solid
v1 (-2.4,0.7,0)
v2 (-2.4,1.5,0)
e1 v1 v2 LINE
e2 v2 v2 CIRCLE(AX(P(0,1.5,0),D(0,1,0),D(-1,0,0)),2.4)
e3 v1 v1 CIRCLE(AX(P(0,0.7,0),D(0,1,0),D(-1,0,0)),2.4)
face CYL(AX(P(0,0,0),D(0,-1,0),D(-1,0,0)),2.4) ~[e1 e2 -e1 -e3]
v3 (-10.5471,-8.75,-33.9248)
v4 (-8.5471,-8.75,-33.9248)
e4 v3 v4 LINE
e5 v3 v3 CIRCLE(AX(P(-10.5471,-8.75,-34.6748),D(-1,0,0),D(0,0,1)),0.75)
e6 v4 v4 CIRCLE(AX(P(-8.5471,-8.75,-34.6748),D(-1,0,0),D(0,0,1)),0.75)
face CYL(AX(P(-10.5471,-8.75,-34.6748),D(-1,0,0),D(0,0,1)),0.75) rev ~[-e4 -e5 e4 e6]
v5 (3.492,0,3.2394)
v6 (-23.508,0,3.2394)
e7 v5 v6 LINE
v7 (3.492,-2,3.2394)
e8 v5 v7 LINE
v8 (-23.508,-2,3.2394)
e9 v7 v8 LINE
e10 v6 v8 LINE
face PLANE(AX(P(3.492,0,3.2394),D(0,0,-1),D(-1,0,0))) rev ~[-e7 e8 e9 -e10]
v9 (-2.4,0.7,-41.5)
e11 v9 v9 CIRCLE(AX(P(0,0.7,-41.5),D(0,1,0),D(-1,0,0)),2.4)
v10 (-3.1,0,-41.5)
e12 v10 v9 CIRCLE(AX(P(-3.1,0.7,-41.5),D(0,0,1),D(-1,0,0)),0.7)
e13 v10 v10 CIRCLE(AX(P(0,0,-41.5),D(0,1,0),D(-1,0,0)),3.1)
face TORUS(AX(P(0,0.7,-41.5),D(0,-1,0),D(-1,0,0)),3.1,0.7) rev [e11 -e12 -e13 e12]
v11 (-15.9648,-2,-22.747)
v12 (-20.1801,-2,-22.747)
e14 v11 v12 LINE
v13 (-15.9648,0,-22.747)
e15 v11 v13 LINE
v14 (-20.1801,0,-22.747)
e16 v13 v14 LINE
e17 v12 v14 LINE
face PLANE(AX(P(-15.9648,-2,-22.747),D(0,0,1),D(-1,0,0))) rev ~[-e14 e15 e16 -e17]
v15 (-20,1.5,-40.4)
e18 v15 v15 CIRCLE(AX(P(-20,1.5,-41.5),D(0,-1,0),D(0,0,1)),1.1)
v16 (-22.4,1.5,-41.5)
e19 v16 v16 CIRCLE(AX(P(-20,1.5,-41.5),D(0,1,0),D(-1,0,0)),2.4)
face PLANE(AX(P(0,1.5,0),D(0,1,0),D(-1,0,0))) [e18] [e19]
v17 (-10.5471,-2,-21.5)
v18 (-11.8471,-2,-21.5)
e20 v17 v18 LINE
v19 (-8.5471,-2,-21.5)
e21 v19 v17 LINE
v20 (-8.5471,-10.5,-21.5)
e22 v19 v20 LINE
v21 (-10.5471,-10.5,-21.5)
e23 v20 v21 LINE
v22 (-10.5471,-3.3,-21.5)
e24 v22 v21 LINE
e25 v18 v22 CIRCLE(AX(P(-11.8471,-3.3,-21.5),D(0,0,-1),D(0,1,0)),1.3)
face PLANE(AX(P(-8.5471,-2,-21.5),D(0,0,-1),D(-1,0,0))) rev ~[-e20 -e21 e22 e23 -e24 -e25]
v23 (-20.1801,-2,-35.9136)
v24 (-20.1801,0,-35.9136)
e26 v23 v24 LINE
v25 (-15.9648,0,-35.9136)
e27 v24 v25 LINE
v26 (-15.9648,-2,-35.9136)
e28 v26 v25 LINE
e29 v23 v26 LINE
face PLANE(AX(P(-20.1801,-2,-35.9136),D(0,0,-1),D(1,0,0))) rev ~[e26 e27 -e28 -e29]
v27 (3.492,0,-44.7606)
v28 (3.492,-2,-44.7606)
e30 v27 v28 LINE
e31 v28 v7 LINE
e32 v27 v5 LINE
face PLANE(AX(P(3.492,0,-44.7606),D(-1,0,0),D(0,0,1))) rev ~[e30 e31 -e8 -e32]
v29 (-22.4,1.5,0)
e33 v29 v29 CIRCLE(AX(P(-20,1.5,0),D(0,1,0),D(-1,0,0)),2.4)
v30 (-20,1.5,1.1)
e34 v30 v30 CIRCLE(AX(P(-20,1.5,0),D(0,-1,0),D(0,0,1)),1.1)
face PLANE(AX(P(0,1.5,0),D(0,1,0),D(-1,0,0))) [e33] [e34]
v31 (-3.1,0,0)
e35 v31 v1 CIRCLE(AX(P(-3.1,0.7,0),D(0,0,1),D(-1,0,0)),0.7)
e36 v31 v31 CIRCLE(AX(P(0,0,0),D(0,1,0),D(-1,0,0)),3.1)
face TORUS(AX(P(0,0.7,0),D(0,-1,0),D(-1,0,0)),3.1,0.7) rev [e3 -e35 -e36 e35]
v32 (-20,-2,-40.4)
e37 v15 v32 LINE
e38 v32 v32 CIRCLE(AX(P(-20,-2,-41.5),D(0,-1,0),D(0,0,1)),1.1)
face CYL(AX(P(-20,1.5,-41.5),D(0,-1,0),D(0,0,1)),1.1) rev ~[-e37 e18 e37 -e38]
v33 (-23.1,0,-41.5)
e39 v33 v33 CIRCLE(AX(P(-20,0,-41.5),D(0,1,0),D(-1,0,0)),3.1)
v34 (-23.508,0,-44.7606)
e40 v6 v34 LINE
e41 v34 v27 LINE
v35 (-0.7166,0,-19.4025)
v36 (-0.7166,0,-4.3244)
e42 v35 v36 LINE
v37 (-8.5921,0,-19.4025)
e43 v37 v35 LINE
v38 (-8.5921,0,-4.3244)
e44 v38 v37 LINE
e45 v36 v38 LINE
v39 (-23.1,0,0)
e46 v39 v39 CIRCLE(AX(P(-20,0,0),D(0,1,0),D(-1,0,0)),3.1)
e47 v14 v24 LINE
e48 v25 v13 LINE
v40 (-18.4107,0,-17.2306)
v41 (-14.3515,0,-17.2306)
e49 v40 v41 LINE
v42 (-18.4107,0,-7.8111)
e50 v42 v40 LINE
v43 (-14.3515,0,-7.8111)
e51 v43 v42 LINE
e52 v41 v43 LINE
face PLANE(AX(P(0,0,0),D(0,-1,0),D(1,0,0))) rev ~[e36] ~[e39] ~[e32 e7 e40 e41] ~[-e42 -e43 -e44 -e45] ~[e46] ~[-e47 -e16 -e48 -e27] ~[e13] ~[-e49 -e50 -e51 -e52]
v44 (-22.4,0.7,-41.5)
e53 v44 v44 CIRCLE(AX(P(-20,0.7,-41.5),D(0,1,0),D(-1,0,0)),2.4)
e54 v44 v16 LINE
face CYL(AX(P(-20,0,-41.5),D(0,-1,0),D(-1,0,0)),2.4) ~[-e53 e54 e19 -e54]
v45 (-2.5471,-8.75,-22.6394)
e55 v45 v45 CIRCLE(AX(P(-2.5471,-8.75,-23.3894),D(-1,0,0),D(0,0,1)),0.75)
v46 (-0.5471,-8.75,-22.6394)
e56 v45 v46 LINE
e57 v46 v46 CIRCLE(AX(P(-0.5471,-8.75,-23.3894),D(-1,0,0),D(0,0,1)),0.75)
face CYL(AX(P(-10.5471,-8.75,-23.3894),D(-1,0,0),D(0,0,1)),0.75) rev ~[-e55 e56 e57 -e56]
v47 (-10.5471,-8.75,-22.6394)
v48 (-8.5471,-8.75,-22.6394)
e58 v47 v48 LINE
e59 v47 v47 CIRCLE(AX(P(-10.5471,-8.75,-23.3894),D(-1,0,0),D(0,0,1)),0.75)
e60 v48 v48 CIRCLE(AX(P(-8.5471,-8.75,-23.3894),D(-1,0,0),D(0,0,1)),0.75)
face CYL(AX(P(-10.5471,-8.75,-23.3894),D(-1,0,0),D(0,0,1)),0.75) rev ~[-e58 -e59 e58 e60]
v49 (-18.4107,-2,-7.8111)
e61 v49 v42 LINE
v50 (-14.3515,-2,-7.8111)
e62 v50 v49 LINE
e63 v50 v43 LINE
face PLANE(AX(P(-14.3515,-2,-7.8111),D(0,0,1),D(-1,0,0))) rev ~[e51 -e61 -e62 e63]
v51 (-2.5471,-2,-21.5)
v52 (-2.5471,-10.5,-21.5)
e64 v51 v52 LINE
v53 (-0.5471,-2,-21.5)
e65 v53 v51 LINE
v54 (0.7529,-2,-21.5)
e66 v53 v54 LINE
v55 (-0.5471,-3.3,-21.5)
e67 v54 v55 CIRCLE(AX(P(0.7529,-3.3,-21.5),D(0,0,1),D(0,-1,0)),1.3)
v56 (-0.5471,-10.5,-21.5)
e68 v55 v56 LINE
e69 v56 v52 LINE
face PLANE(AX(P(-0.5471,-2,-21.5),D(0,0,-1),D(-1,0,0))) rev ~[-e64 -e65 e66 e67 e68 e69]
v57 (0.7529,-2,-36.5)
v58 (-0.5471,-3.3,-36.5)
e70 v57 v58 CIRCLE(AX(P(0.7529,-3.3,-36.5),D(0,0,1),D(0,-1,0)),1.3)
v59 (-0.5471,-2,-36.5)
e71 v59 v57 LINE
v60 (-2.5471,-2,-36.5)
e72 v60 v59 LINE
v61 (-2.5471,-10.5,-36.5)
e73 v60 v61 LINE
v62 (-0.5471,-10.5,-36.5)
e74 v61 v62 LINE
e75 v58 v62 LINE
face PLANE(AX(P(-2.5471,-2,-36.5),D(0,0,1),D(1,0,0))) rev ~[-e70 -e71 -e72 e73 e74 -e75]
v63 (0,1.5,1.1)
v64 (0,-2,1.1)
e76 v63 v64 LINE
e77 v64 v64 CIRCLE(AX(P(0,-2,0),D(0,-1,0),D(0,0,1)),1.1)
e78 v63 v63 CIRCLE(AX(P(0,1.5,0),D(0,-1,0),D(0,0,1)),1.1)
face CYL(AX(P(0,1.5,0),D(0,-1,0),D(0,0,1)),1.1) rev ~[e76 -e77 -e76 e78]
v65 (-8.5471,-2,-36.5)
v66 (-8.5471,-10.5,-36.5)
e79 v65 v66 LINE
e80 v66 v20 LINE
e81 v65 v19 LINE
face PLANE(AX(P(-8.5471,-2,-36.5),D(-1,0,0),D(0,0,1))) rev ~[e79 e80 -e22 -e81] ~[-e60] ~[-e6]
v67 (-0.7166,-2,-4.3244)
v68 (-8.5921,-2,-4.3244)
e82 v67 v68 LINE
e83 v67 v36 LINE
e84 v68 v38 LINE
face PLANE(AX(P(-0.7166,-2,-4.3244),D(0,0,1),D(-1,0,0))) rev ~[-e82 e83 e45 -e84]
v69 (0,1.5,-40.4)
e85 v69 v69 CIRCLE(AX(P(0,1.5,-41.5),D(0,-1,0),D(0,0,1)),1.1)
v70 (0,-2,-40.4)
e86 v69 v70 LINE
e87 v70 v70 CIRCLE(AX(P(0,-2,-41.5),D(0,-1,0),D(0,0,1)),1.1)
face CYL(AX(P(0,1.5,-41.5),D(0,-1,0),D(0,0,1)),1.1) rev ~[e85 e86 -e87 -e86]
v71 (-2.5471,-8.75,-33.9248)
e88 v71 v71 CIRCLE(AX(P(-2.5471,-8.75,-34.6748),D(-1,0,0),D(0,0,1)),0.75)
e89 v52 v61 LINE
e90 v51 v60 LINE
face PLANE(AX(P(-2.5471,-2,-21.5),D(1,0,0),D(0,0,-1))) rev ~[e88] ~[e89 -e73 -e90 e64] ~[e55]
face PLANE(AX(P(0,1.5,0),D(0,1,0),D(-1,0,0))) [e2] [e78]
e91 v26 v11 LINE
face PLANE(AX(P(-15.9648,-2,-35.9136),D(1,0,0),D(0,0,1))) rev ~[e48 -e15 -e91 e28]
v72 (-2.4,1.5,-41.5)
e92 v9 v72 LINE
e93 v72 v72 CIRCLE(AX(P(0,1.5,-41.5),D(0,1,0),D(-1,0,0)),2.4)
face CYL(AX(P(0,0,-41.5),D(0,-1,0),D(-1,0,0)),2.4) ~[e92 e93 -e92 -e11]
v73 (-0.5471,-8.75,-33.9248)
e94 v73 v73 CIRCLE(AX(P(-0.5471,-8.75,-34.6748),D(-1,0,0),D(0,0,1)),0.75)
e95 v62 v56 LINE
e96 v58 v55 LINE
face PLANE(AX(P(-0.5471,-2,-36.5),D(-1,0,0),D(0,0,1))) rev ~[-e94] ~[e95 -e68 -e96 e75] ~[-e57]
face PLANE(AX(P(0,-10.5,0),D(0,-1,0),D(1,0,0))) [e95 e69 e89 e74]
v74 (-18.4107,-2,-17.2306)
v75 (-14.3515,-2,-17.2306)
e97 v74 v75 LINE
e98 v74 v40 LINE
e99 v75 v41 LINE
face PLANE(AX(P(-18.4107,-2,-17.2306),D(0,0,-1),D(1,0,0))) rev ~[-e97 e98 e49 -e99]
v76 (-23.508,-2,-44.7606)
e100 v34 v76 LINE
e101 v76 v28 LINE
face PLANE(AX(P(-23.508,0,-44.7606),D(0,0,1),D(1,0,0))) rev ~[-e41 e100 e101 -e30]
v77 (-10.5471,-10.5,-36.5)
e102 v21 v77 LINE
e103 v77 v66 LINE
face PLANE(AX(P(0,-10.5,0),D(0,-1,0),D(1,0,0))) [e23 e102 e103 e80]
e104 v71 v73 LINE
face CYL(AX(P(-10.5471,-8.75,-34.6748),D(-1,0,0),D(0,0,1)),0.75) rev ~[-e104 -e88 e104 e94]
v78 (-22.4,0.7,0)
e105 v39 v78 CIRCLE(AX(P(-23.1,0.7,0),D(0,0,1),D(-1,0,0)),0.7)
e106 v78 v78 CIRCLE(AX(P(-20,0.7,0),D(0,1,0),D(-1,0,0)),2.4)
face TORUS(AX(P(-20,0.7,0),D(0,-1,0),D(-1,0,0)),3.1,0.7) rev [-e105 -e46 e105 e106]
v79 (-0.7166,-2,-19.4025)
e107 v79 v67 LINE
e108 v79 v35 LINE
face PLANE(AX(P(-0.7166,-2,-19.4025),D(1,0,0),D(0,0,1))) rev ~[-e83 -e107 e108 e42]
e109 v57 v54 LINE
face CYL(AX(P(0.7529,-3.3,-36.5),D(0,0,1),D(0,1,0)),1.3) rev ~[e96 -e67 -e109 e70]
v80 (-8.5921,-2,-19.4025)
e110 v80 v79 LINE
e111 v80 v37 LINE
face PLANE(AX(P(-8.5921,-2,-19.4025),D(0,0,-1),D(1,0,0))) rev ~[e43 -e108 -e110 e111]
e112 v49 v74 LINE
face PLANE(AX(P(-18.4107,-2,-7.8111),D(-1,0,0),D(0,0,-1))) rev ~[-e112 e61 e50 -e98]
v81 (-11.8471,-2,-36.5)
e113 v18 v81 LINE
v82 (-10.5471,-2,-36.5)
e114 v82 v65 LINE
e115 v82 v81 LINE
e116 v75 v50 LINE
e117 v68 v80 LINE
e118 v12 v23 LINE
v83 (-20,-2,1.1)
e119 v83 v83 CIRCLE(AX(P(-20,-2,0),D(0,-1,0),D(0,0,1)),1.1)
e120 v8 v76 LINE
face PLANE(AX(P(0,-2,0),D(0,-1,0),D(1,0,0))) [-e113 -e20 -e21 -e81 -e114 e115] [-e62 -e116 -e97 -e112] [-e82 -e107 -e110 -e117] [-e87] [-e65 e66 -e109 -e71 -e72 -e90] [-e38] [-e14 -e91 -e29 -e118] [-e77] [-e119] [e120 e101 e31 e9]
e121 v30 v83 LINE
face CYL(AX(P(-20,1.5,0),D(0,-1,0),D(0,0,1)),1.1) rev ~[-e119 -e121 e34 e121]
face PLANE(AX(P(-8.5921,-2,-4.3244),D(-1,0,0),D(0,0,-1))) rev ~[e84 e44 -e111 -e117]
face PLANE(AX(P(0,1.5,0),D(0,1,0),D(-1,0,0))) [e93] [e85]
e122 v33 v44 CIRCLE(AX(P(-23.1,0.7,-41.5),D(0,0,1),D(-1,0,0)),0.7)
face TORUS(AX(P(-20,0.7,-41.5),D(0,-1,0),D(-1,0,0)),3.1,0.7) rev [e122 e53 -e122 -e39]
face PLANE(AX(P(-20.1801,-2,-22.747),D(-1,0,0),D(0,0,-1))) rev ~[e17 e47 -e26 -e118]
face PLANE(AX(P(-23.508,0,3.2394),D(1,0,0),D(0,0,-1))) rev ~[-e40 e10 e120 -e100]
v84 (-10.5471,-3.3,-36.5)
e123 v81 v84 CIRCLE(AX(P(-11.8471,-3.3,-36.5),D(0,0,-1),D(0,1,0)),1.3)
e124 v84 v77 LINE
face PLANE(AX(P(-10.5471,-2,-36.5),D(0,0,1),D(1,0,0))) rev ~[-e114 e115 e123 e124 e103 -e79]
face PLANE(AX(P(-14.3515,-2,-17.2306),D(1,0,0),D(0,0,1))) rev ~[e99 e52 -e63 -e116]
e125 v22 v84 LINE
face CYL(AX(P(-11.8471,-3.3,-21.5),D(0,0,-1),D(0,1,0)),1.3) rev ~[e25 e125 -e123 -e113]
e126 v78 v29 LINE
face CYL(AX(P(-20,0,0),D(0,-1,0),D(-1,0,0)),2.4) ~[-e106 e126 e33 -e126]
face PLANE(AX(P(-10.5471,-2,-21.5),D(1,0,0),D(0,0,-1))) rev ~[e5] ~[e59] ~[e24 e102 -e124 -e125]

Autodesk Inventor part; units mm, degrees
ref_plane "YZ Plane" through (0, 0, 0) normal (1, 0, 0) x (0, 1, 0)
ref_plane "XZ Plane" through (0, 0, 0) normal (0, 1, 0) x (-1, 0, 0)
ref_plane "XY Plane" through (0, 0, 0) normal (0, 0, 1) x (1, 0, 0)
sketch "Sketch1" plane through (0, 0, 0) normal (0, 1, 0) x (-1, 0, 0)
  circle A0 centre (0, 0) radius 2.4
  circle A1 centre (20, 0) radius 2.4
  circle A2 centre (20, -41.5) radius 2.4
  circle A3 centre (0, -41.5) radius 2.4
  dimension "d0" = 4.8
  dimension "d4" = 20
  dimension "d5" = 41.5
extrude "Extrusion1" add sketch "Sketch1" along normal blind 1.5
sketch "Sketch2" plane through (0, 0, 0) normal (0, -1, 0) x (1, 0, 0)
  circle A0 centre (0, 0) radius 2.4 construction
  circle A1 centre (0, -41.5) radius 2.4 construction
  circle A2 centre (-20, -41.5) radius 2.4 construction
  circle A3 centre (-20, 0) radius 2.4 construction
  line L0 (3.492, 3.2394) -> (-23.508, 3.2394)
  line L1 (-23.508, 3.2394) -> (-23.508, -44.7606)
  line L2 (-23.508, -44.7606) -> (3.492, -44.7606)
  line L3 (3.492, -44.7606) -> (3.492, 3.2394)
  dimension "d8" = 27
  dimension "d9" = 48
extrude "Extrusion2" add sketch "Sketch2" along normal blind 2
sketch "Sketch3" plane through (0, -2, 0) normal (0, -1, 0) x (1, 0, 0)
  circle A0 centre (0, 0) radius 2.4 construction
  circle A1 centre (0, -41.5) radius 2.4 construction
  circle A2 centre (-20, -41.5) radius 2.4 construction
  circle A3 centre (-20, 0) radius 2.4 construction
  line L0 (-8.5471, -21.5) -> (-10.5471, -21.5)
  line L1 (-10.5471, -21.5) -> (-10.5471, -36.5)
  line L2 (-10.5471, -36.5) -> (-8.5471, -36.5)
  line L3 (-8.5471, -36.5) -> (-8.5471, -21.5)
  line L4 (-0.5471, -21.5) -> (-2.5471, -21.5)
  line L5 (-2.5471, -21.5) -> (-2.5471, -36.5)
  line L6 (-2.5471, -36.5) -> (-0.5471, -36.5)
  line L7 (-0.5471, -36.5) -> (-0.5471, -21.5)
  line L8 (0, 0) -> (0, -41.5) construction
  dimension "d12" = 2
  dimension "d13" = 2
  dimension "d14" = 15
  dimension "d15" = 6
  dimension "d17" = 5
extrude "Extrusion3" add sketch "Sketch3" along normal blind 8.5
sketch "Sketch4" plane through (-10.5471, -2, -36.5) normal (-1, 0, 0) x (0, 0, 1)
  line L0 (15, 0) -> (15, -8.5) construction
  line L1 (15, -6) -> (0, -6) construction
  line L2 (0, 0) -> (0, -8.5) construction
  circle A0 centre (13.1106, -6.75) radius 0.75
  circle A1 centre (1.8252, -6.75) radius 0.75
  line L3 (39.7394, 0) -> (-8.2606, 0) projected
  point P0 (36.5, 2)
  dimension "d21" = 1.5
  dimension "d22" = 0.75
  dimension "d23" = 1.5
  dimension "d24" = 0.75
  dimension "d25" = 6
extrude "Extrusion4" cut sketch "Sketch4" against normal through all
sketch "Sketch6" plane through (0, -2, 0) normal (0, -1, 0) x (1, 0, 0)
  line L0 (-0.7166, -4.3244) -> (-8.5921, -4.3244)
  line L1 (-8.5921, -4.3244) -> (-8.5921, -19.4025)
  line L2 (-8.5921, -19.4025) -> (-0.7166, -19.4025)
  line L3 (-0.7166, -19.4025) -> (-0.7166, -4.3244)
  line L4 (-14.3515, -7.8111) -> (-18.4107, -7.8111)
  line L5 (-18.4107, -7.8111) -> (-18.4107, -17.2306)
  line L6 (-18.4107, -17.2306) -> (-14.3515, -17.2306)
  line L7 (-14.3515, -17.2306) -> (-14.3515, -7.8111)
  line L8 (-15.9648, -22.747) -> (-20.1801, -22.747)
  line L9 (-20.1801, -22.747) -> (-20.1801, -35.9136)
  line L10 (-20.1801, -35.9136) -> (-15.9648, -35.9136)
  line L11 (-15.9648, -35.9136) -> (-15.9648, -22.747)
  point P0 (0, 0)
extrude "Extrusion6" cut sketch "Sketch6" against normal through all
hole "Hole1" at (0, 1.5, -41.5) direction (0, -1, 0) diameter 2.2 depth 8 tip angle 118
hole "Hole2" at (0, 1.5, 0) direction (0, -1, 0) diameter 2.2 depth 8 tip angle 118
hole "Hole3" at (-20, 1.5, -41.5) direction (0, -1, 0) diameter 2.2 depth 8 tip angle 118
hole "Hole4" at (-20, 1.5, 0) direction (0, -1, 0) diameter 2.2 depth 8 tip angle 118
fillet "Fillet1" radius 0.7 4 edges at (-17.6, 0, 0) (2.4, 0, 0) (2.4, 0, -41.5) (-17.6, 0, -41.5)
fillet "Fillet2" radius 1.3 2 edges at (-10.5471, -2, -29) (-0.5471, -2, -29)
properties part number "holder_board_basecam_simpleBCG_32bit_tiny"
